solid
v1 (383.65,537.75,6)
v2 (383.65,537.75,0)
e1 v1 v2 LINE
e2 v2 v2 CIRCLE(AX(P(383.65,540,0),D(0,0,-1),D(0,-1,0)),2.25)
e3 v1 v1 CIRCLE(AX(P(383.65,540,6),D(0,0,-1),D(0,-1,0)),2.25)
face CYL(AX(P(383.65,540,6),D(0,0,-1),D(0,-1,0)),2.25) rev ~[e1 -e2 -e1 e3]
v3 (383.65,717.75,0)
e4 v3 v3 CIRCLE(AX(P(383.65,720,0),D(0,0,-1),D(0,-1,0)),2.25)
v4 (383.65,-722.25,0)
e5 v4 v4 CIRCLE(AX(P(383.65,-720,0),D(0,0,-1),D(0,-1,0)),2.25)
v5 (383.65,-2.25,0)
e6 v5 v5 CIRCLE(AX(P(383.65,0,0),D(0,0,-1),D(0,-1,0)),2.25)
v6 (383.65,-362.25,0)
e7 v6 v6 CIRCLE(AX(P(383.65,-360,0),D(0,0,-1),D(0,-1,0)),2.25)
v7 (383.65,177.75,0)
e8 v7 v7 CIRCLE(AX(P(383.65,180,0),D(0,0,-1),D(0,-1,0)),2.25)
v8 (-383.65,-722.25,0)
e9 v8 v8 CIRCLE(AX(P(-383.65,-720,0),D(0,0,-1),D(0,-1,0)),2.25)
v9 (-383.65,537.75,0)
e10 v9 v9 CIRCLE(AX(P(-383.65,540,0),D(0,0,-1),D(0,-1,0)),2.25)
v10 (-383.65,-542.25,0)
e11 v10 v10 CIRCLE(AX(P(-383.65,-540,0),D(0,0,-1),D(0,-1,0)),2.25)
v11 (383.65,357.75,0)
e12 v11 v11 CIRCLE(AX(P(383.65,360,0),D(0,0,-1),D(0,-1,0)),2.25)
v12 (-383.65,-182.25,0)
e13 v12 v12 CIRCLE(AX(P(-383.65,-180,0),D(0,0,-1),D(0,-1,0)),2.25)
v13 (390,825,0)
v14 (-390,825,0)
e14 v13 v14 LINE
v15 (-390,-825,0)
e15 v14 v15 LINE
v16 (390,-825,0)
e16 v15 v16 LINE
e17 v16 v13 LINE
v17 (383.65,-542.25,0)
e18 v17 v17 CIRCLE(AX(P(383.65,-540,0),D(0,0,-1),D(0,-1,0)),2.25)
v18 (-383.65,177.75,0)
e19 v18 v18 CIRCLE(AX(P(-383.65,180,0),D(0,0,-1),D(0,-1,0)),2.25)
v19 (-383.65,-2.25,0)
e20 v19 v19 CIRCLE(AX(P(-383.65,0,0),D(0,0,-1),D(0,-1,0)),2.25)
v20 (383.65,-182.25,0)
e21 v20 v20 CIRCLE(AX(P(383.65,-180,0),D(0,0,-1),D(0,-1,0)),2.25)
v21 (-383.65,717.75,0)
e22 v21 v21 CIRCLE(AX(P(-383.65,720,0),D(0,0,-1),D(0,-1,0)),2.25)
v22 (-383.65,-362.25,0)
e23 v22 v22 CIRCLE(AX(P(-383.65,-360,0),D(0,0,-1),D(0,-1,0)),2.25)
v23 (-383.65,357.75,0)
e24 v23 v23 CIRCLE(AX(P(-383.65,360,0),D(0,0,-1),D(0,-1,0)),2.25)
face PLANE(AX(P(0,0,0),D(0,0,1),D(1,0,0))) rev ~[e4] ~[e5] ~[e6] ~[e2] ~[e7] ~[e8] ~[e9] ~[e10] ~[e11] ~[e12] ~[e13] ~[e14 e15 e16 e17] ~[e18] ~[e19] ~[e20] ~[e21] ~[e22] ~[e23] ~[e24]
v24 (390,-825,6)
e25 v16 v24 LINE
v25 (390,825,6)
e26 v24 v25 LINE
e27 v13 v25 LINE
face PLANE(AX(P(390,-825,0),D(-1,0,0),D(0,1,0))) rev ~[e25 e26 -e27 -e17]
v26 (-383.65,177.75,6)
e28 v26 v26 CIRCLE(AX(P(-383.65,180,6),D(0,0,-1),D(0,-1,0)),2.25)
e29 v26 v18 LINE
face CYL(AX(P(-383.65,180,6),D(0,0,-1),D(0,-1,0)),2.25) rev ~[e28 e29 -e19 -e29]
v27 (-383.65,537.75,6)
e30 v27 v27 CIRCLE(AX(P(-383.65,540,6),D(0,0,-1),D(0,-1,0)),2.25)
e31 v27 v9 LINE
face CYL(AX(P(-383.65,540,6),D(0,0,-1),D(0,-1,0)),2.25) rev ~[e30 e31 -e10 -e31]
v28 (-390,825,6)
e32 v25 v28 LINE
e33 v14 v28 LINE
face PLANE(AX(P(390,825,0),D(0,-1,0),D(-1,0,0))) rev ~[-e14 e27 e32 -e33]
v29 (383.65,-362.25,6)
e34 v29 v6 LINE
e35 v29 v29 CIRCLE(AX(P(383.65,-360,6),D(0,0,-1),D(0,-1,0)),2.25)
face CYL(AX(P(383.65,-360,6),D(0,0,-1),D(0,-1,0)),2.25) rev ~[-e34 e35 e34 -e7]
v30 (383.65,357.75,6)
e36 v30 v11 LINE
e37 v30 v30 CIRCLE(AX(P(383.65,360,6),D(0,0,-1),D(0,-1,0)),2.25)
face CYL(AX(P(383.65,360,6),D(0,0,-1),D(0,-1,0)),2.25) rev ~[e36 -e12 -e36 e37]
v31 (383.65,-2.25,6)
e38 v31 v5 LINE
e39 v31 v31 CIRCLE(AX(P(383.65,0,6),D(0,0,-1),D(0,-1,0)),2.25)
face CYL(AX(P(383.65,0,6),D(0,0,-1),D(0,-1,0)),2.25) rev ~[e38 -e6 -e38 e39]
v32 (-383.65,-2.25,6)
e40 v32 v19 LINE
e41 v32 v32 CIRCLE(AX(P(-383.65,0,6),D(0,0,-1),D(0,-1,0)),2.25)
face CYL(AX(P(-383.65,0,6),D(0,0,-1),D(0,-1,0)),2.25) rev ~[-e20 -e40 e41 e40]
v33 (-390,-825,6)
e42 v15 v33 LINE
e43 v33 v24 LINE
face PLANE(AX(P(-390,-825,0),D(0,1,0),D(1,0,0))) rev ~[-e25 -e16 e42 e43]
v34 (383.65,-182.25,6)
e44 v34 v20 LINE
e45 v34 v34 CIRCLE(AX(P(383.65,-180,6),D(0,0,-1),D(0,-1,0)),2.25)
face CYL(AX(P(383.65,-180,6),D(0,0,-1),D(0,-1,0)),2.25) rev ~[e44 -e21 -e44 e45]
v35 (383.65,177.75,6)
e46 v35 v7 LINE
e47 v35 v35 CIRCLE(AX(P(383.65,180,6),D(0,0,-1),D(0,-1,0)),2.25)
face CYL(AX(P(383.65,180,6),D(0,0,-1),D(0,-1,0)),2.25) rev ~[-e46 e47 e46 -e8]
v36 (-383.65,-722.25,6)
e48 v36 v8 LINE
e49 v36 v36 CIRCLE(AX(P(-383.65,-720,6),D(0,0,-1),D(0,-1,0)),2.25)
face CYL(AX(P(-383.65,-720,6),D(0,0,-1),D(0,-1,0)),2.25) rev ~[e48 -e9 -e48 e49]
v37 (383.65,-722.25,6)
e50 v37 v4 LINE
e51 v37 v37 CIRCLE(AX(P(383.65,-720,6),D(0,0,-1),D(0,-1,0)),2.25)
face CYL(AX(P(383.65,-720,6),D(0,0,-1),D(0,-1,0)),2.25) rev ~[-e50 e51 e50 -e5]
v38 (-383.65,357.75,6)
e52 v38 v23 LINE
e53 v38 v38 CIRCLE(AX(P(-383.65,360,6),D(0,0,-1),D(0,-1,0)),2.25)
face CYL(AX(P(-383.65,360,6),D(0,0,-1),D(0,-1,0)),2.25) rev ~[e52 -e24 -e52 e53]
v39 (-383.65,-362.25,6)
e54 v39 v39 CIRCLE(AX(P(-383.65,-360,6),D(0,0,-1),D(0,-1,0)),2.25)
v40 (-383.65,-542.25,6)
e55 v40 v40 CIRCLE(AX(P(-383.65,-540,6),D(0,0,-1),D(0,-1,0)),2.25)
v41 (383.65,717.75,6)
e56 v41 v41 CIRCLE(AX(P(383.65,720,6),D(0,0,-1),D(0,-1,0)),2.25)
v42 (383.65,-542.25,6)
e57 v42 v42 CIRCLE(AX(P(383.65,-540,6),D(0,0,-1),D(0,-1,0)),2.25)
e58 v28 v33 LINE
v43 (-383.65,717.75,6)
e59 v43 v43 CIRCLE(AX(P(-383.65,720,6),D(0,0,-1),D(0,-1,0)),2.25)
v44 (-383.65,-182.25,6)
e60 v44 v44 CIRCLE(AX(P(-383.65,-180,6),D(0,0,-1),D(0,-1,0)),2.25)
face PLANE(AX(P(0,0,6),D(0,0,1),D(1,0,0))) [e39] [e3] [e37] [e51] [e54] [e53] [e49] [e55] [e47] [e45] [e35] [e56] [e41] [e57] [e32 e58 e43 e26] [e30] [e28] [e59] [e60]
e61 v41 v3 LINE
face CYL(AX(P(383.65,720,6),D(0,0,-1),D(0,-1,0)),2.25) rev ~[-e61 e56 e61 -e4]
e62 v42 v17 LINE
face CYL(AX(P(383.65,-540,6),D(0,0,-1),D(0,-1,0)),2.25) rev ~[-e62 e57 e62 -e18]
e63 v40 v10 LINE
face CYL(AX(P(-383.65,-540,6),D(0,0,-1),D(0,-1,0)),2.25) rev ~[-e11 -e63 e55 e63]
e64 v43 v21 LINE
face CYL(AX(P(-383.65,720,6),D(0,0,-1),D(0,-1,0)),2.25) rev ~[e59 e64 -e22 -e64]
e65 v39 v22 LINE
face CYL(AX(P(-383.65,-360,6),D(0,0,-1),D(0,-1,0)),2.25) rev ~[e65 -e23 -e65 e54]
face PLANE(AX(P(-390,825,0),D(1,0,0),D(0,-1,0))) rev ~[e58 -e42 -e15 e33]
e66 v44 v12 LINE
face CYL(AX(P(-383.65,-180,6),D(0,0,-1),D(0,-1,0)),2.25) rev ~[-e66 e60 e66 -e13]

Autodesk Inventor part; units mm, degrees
ref_plane "YZ Plane" through (0, 0, 0) normal (1, 0, 0) x (0, 1, 0)
ref_plane "XZ Plane" through (0, 0, 0) normal (0, 1, 0) x (-1, 0, 0)
ref_plane "XY Plane" through (0, 0, 0) normal (0, 0, 1) x (1, 0, 0)
sketch "Sketch1" plane through (0, 0, 0) normal (0, 0, 1) x (1, 0, 0)
  line L0 (-390, -825) -> (390, -825)
  line L1 (390, -825) -> (390, 825)
  line L2 (390, 825) -> (-390, 825)
  line L3 (-390, 825) -> (-390, -825)
  line L4 (-390, -825) -> (390, 825) construction
  line L5 (390, -825) -> (-390, 825) construction
  point P0 (0, 0)
  dimension "d0" = 780
  dimension "d1" = 1650
extrude "Extrusion1" add sketch "Sketch1" along normal blind 6
sketch "Sketch4" plane through (0, 0, 6) normal (0, 0, 1) x (1, 0, 0)
  line L0 (390, 825) -> (-390, 825) projected
  line L1 (0, 825) -> (-383.65, 825)
  line L2 (-383.65, 825) -> (-383.65, 720)
  point P0 (0, 0)
  point P1 (-383.65, 540)
  point P2 (-383.65, 360)
  point P3 (-383.65, 180)
  point P4 (-383.65, 0)
  point P5 (-383.65, -180)
  point P6 (-383.65, -360)
  point P7 (-383.65, -540)
  point P8 (-383.65, -720)
  point P9 (383.65, 720)
  point P10 (383.65, 540)
  point P11 (383.65, 360)
  point P12 (383.65, 180)
  point P13 (383.65, 0)
  point P14 (383.65, -180)
  point P15 (383.65, -360)
  point P16 (383.65, -540)
  point P17 (383.65, -720)
  dimension "d18" = 383.65
  dimension "d19" = 105
  dimension "d22" = 180
  dimension "d25" = 767.3
hole "Hole1" at (-383.65, 720, 6) at (-383.65, 540, 6) at (-383.65, 360, 6) at (-383.65, 180, 6) at (-383.65, 0, 6) at (-383.65, -180, 6) at (-383.65, -360, 6) at (-383.65, -540, 6) at (-383.65, -720, 6) at (383.65, 720, 6) at (383.65, 540, 6) at (383.65, 360, 6) at (383.65, 180, 6) at (383.65, 0, 6) at (383.65, -180, 6) at (383.65, -360, 6) at (383.65, -540, 6) at (383.65, -720, 6) direction (0, 0, -1) diameter 4.5 depth 8 tip angle 118 clearance for "Countersunk Flat Head Screw ISO 2009/7046" size "M4" standard "ISO"
properties part number "SP25V1 Acrilico" material "Polycarbonate, Clear"
